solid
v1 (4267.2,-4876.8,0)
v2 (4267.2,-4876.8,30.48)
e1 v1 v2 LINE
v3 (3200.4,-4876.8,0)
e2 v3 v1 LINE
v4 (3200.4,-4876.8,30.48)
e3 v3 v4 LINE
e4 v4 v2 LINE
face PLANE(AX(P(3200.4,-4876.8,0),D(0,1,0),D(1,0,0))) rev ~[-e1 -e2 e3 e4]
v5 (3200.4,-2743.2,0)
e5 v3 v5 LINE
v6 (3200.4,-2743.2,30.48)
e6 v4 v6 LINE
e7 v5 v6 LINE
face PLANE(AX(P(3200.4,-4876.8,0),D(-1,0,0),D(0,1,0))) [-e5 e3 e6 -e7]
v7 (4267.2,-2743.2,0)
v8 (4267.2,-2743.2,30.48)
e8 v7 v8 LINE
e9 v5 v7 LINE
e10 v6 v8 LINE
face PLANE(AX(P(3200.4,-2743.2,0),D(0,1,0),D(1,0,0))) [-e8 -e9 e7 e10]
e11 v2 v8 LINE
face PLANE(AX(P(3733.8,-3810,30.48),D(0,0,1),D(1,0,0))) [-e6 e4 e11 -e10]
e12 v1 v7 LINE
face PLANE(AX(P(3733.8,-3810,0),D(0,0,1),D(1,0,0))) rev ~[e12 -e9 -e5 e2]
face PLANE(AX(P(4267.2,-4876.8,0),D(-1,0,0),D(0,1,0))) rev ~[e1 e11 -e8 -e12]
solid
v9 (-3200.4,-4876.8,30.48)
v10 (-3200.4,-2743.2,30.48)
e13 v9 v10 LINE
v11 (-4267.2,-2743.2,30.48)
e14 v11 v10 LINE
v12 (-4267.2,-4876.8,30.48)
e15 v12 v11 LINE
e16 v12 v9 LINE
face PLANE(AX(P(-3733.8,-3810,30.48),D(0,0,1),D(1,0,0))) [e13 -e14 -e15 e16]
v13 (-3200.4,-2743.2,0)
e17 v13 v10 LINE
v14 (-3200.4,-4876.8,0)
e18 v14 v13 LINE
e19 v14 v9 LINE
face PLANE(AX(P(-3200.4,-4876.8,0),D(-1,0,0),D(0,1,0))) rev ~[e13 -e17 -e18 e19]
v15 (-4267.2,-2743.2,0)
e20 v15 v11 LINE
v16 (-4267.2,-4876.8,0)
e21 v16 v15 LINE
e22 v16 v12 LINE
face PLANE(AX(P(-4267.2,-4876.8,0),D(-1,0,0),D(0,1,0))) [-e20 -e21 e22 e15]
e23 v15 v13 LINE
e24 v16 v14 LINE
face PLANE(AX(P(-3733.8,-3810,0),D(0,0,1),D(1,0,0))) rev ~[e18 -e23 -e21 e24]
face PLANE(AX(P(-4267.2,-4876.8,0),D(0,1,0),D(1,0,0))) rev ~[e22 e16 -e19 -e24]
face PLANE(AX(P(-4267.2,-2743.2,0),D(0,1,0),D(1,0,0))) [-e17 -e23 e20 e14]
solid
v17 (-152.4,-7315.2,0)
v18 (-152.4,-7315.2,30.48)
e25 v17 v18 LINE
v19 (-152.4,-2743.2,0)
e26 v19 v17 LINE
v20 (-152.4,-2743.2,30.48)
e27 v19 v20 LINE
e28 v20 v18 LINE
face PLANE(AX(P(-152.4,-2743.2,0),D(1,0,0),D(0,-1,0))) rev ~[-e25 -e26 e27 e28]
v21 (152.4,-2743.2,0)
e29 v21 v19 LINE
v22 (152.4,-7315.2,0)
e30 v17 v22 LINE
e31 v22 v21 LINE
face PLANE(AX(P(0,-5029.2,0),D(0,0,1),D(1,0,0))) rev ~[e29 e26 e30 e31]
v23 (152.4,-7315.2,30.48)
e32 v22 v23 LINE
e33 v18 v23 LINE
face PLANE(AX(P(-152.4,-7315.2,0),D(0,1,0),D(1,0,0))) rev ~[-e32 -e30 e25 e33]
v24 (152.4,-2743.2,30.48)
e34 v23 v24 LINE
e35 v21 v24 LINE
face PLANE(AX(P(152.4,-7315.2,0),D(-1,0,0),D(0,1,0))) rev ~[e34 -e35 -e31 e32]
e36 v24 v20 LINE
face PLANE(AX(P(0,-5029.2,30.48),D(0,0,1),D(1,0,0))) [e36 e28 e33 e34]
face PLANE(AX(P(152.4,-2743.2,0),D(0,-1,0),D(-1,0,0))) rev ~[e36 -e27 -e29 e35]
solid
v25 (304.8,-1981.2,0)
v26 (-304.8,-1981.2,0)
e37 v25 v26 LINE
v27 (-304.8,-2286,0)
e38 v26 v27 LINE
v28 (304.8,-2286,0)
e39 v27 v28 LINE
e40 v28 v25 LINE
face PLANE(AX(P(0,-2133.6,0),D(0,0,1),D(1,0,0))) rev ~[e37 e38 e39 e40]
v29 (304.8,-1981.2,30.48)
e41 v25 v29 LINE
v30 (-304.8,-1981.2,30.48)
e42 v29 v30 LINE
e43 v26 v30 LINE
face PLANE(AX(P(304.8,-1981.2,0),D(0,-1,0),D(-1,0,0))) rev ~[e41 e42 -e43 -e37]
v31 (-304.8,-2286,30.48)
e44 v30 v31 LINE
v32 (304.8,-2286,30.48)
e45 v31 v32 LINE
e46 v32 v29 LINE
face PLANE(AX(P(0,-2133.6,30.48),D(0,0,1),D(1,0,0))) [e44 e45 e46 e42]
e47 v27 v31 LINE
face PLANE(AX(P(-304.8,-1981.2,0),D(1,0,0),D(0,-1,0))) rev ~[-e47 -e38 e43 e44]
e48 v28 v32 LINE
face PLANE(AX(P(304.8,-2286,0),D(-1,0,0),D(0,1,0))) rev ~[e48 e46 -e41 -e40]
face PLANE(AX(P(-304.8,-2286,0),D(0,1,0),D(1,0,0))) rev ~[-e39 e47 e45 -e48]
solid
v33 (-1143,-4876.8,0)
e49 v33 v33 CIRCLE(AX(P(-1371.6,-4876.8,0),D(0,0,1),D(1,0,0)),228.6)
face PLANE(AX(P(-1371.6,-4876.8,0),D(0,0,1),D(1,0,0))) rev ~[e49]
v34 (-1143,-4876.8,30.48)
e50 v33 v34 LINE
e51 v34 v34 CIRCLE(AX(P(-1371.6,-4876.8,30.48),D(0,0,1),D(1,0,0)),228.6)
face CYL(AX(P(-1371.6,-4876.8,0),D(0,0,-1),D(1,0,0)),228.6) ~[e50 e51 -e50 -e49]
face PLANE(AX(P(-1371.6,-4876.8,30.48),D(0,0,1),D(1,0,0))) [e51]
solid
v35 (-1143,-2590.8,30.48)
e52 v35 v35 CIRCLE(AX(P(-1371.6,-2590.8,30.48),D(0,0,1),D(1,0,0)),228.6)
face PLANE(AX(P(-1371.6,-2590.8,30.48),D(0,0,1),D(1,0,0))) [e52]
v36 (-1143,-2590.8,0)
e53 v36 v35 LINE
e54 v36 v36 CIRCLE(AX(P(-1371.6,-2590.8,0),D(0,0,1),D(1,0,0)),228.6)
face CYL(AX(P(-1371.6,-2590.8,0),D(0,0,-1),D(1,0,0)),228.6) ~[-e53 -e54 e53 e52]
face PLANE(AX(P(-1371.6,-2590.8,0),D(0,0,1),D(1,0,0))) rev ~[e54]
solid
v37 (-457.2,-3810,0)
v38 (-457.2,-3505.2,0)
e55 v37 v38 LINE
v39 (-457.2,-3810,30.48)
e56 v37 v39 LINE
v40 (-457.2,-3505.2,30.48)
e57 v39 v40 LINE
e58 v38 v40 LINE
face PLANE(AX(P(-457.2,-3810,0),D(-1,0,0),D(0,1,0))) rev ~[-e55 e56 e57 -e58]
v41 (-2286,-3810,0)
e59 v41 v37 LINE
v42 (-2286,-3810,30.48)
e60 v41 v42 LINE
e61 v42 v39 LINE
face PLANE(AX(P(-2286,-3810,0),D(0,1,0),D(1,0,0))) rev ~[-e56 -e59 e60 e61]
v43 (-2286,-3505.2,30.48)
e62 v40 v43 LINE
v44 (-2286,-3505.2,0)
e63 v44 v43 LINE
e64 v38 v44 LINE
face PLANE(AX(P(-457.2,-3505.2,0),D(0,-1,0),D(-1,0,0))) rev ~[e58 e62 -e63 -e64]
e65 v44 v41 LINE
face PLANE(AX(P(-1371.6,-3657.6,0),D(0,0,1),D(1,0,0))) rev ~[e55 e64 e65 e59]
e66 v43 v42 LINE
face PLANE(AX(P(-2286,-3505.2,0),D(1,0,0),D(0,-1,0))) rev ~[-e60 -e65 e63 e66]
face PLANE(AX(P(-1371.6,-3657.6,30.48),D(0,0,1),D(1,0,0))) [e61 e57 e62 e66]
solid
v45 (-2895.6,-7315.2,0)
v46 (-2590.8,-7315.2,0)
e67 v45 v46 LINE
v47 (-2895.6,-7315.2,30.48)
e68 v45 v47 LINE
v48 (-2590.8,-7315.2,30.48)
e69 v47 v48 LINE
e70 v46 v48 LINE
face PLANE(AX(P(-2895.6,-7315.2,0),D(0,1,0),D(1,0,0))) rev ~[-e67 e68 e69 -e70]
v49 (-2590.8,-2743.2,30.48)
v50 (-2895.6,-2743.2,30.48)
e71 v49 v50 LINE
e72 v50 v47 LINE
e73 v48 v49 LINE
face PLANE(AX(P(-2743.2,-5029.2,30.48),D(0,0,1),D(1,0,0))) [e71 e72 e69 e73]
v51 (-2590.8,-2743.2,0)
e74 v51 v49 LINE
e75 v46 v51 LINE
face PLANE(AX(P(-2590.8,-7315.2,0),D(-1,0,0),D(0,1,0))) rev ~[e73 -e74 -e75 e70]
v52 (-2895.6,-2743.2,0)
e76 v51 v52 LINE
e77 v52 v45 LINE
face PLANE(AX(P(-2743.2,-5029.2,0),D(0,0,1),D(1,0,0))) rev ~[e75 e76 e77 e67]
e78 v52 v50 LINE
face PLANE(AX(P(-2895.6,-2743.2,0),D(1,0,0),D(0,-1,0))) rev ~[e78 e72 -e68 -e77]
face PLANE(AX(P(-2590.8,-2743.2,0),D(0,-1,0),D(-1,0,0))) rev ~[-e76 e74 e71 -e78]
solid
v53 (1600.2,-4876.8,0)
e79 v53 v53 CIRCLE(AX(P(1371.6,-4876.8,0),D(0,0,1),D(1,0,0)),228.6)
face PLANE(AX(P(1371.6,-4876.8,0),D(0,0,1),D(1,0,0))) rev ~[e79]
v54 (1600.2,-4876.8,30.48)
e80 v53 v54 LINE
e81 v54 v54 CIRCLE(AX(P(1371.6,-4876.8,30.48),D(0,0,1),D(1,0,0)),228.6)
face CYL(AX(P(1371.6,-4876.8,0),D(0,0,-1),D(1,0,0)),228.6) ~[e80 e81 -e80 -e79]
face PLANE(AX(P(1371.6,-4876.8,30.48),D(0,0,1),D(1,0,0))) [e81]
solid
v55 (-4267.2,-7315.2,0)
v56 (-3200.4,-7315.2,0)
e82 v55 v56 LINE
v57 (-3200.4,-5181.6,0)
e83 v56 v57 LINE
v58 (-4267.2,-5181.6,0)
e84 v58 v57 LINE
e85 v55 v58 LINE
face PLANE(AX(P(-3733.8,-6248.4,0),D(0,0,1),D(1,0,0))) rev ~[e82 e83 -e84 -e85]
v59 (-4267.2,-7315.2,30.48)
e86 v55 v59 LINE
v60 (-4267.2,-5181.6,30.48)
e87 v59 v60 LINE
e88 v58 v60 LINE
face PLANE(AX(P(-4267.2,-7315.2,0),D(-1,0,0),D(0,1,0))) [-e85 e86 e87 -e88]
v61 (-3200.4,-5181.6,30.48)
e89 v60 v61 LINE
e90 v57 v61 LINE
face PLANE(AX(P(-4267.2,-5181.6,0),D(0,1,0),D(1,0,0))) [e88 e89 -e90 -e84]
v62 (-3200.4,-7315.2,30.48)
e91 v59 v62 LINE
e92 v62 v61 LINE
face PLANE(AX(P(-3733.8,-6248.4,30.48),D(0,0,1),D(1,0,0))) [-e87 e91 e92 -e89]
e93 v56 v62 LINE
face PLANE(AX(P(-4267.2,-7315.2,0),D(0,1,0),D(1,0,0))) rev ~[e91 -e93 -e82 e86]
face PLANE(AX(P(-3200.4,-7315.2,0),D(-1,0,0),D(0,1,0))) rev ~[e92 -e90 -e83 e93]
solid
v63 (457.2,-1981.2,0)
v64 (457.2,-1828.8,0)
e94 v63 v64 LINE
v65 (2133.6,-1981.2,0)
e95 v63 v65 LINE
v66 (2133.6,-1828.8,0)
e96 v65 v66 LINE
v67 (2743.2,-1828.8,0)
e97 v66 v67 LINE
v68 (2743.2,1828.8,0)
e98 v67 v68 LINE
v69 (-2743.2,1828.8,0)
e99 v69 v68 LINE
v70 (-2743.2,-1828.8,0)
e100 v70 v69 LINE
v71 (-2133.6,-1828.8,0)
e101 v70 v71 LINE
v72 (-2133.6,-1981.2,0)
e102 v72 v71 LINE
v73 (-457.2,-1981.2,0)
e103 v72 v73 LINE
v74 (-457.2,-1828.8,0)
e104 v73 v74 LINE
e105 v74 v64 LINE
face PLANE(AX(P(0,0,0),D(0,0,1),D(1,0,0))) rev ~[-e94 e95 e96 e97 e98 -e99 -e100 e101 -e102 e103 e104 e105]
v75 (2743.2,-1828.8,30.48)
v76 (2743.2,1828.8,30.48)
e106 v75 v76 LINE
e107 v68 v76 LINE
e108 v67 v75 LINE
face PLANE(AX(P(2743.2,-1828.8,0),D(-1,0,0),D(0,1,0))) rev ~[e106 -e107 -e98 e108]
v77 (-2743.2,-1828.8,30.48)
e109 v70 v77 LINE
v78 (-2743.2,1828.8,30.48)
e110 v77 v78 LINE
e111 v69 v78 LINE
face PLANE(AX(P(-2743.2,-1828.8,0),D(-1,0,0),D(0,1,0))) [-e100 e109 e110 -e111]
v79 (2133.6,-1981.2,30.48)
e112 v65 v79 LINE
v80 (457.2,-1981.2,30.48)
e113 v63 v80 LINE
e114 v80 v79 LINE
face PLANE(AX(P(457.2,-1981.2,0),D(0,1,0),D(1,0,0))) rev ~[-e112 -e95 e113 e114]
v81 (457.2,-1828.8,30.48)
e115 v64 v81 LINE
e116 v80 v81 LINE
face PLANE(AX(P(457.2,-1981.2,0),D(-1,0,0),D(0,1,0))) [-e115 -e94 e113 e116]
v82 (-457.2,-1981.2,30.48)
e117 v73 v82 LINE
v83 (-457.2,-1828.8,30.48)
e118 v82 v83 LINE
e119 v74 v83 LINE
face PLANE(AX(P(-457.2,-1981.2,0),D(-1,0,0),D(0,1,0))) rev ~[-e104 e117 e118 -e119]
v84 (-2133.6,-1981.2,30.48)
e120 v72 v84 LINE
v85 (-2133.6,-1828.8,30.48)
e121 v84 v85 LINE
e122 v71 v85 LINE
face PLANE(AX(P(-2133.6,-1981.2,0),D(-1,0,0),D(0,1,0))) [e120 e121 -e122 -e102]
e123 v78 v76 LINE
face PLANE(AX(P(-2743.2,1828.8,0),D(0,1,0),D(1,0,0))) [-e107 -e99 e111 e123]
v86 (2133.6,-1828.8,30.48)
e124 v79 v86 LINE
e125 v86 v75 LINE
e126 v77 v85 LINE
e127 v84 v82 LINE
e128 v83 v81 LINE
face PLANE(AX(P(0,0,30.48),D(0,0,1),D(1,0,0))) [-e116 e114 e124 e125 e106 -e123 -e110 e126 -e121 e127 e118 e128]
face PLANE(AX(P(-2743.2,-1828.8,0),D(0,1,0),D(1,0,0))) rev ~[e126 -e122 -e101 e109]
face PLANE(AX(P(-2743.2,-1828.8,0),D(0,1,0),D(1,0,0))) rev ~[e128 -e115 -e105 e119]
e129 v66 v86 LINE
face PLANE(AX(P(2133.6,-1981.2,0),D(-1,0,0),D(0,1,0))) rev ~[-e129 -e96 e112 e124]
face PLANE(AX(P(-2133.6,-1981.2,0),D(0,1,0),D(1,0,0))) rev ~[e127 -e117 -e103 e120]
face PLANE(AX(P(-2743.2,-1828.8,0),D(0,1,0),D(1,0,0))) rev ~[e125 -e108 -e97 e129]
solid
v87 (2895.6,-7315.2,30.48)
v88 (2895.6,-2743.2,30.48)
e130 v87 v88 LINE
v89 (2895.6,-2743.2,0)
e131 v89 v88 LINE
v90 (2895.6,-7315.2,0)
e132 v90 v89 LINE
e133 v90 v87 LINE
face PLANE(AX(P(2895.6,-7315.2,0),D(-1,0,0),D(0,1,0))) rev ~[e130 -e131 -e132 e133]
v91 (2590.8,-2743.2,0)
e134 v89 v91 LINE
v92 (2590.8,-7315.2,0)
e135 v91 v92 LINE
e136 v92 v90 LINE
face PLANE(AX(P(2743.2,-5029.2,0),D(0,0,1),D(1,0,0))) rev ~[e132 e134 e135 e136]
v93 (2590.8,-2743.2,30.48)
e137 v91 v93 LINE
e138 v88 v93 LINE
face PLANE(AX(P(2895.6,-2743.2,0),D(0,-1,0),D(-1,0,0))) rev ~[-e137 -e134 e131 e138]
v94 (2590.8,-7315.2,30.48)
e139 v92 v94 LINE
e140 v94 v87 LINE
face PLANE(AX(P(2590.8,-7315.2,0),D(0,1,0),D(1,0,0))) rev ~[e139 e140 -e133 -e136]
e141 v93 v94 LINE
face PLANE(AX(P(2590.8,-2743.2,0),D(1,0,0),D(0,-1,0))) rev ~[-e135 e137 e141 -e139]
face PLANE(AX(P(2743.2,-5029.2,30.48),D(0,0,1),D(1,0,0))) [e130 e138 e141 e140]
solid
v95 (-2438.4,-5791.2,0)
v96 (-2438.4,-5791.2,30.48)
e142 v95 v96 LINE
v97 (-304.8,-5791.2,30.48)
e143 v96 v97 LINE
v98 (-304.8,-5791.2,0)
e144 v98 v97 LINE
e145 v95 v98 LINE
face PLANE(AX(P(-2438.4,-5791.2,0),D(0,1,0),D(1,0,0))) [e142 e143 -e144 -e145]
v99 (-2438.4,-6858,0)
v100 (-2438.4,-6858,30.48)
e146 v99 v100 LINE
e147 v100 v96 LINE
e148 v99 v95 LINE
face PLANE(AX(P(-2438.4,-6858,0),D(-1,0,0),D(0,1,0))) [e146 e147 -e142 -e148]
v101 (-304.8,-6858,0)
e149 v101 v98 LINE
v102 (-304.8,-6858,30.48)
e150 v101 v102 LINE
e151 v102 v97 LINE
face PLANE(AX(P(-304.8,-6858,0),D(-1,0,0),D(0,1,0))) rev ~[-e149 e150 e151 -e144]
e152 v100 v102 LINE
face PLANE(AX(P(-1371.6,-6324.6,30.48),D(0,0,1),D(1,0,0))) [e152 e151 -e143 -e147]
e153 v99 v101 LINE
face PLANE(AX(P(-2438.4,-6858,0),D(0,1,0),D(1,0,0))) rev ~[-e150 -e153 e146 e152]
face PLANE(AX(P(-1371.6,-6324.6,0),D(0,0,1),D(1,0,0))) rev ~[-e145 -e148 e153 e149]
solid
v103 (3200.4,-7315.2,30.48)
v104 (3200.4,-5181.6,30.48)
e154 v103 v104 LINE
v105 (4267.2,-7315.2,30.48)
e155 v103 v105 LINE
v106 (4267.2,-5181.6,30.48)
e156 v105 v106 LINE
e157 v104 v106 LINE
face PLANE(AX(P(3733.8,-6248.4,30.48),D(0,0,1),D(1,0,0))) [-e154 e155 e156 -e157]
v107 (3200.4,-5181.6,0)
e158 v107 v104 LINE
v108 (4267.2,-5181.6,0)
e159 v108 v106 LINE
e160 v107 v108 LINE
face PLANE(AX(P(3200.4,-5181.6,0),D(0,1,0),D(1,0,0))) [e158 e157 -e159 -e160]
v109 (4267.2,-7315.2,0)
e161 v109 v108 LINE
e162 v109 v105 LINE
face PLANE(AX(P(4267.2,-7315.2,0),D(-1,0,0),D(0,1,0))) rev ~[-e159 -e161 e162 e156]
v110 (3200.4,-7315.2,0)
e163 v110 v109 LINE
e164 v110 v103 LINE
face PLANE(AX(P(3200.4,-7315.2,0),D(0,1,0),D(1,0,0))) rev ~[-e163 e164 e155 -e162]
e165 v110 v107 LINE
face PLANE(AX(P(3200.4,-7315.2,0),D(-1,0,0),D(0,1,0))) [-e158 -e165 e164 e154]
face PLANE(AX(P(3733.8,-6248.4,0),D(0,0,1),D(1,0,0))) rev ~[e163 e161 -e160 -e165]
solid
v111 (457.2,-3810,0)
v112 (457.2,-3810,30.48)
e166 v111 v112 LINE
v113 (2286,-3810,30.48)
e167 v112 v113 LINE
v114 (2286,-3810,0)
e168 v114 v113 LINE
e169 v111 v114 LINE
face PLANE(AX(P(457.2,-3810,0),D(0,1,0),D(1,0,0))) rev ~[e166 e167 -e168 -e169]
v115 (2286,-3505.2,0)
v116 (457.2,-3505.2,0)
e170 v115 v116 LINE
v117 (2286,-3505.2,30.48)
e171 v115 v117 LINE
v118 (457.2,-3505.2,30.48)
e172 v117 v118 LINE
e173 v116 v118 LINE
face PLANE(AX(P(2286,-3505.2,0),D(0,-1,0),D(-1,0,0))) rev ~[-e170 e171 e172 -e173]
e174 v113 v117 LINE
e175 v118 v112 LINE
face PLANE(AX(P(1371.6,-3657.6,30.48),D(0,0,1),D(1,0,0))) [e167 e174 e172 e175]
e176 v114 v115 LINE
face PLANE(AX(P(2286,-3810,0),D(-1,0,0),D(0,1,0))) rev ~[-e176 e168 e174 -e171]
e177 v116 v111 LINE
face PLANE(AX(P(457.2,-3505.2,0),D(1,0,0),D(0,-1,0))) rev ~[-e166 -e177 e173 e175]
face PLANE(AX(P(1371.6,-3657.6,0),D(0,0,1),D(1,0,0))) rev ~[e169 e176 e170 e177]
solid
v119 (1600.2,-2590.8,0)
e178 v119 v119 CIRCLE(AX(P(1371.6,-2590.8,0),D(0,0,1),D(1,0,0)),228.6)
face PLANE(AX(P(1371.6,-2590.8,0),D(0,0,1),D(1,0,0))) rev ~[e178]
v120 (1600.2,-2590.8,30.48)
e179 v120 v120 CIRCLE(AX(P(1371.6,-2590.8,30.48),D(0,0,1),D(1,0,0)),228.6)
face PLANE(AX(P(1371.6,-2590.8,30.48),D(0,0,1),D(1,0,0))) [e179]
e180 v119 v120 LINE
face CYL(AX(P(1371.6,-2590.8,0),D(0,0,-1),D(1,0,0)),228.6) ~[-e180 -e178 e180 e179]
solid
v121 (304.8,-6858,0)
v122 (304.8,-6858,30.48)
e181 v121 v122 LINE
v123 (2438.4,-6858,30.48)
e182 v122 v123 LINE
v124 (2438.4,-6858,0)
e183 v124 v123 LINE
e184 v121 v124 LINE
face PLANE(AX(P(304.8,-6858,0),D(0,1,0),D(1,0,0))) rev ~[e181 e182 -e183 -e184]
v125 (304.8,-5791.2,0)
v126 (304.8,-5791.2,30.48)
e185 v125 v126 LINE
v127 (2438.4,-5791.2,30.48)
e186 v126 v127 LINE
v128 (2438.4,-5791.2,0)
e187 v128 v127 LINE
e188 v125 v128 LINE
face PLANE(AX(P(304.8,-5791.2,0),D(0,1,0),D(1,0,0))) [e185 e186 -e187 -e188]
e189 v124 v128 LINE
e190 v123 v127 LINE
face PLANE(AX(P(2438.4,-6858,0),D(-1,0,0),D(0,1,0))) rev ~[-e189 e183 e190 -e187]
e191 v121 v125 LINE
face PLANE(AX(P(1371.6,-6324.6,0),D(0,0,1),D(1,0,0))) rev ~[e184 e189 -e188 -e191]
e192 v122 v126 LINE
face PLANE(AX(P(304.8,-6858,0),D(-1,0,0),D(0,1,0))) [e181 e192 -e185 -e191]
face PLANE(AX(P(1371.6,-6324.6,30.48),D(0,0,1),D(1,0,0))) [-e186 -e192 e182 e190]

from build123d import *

# Parameters (mm, degrees)
F0_W      = 5486.4
F0_H      = 3657.6
F1_DEPTH  = 30.48
F3_DEPTH  = 30.48
F4_W      = 1066.8
F4_H      = 2133.6
F5_DEPTH  = 30.48
F7_DEPTH  = 30.48
F8_W      = 1676.4
F8_H      = 152.4
F9_DEPTH  = 30.48
F11_DEPTH = 30.48
F12_W     = 2133.6
F12_H     = 1066.8
F13_DEPTH = 30.48
F14_R     = 228.6
F15_DEPTH = 30.48


with BuildPart() as f1:
    # F0 (on Top) → F1 (new body)
    with BuildSketch(Plane.XY):
        Rectangle(F0_W, F0_H)
    extrude(amount=F1_DEPTH)

    # F8 (on Top) → F9 (join)
    with BuildSketch(Plane.XY):
        with Locations((1295.4, -1905)):
            Rectangle(F8_W, F8_H)
        with Locations((-1295.4, -1905)):
            Rectangle(F8_W, F8_H)
    extrude(amount=F9_DEPTH)


with BuildPart() as f3:
    # F2 (on Top) → F3 (new body)
    with BuildSketch(Plane.XY):
        Polygon((152.4, -2743.2), (0, -2743.2), (-152.4, -2743.2), (-152.4, -7315.2), (152.4, -7315.2), align=None)
        Polygon((2895.6, -2743.2), (2743.2, -2743.2), (2590.8, -2743.2), (2590.8, -7315.2), (2895.6, -7315.2), align=None)
        Polygon((-2590.8, -2743.2), (-2743.2, -2743.2), (-2895.6, -2743.2), (-2895.6, -7315.2), (-2590.8, -7315.2), align=None)
    extrude(amount=F3_DEPTH)


with BuildPart() as f5:
    # F4 (on Top) → F5 (new body)
    with BuildSketch(Plane.XY):
        with Locations((-3733.8, -6248.4)):
            Rectangle(F4_W, F4_H)
        with Locations((-3733.8, -3810)):
            Rectangle(F4_W, F4_H)
        with Locations((3733.8, -3810)):
            Rectangle(F4_W, F4_H)
        with Locations((3733.8, -6248.4)):
            Rectangle(F4_W, F4_H)
    extrude(amount=F5_DEPTH)


with BuildPart() as f7:
    # F6 (on Top) → F7 (new body)
    with BuildSketch(Plane.XY):
        Polygon((304.8, -1981.2), (0, -1981.2), (-304.8, -1981.2), (-304.8, -2286), (304.8, -2286), align=None)
    extrude(amount=F7_DEPTH)


with BuildPart() as f11:
    # F10 (on Top) → F11 (new body)
    with BuildSketch(Plane.XY):
        Polygon((457.2, -3505.2), (457.2, -3657.6), (457.2, -3810), (2286, -3810), (2286, -3505.2), align=None)
        Polygon((-457.2, -3810), (-457.2, -3657.6), (-457.2, -3505.2), (-2286, -3505.2), (-2286, -3810), align=None)
    extrude(amount=F11_DEPTH)


with BuildPart() as f13:
    # F12 (on Top) → F13 (new body)
    with BuildSketch(Plane.XY):
        with Locations((-1371.6, -6324.6)):
            Rectangle(F12_W, F12_H)
        with Locations((1371.6, -6324.6)):
            Rectangle(F12_W, F12_H)
    extrude(amount=F13_DEPTH)


with BuildPart() as f15:
    # F14 (on Top) → F15 (new body)
    with BuildSketch(Plane.XY):
        with Locations((-1371.6, -2590.8)):
            Circle(F14_R)
        with Locations((1371.6, -2590.8)):
            Circle(F14_R)
        with Locations((1371.6, -4876.8)):
            Circle(F14_R)
        with Locations((-1371.6, -4876.8)):
            Circle(F14_R)
    extrude(amount=F15_DEPTH)


solid = Compound([f1.part, f3.part, f5.part, f7.part, f11.part, f13.part, f15.part])
